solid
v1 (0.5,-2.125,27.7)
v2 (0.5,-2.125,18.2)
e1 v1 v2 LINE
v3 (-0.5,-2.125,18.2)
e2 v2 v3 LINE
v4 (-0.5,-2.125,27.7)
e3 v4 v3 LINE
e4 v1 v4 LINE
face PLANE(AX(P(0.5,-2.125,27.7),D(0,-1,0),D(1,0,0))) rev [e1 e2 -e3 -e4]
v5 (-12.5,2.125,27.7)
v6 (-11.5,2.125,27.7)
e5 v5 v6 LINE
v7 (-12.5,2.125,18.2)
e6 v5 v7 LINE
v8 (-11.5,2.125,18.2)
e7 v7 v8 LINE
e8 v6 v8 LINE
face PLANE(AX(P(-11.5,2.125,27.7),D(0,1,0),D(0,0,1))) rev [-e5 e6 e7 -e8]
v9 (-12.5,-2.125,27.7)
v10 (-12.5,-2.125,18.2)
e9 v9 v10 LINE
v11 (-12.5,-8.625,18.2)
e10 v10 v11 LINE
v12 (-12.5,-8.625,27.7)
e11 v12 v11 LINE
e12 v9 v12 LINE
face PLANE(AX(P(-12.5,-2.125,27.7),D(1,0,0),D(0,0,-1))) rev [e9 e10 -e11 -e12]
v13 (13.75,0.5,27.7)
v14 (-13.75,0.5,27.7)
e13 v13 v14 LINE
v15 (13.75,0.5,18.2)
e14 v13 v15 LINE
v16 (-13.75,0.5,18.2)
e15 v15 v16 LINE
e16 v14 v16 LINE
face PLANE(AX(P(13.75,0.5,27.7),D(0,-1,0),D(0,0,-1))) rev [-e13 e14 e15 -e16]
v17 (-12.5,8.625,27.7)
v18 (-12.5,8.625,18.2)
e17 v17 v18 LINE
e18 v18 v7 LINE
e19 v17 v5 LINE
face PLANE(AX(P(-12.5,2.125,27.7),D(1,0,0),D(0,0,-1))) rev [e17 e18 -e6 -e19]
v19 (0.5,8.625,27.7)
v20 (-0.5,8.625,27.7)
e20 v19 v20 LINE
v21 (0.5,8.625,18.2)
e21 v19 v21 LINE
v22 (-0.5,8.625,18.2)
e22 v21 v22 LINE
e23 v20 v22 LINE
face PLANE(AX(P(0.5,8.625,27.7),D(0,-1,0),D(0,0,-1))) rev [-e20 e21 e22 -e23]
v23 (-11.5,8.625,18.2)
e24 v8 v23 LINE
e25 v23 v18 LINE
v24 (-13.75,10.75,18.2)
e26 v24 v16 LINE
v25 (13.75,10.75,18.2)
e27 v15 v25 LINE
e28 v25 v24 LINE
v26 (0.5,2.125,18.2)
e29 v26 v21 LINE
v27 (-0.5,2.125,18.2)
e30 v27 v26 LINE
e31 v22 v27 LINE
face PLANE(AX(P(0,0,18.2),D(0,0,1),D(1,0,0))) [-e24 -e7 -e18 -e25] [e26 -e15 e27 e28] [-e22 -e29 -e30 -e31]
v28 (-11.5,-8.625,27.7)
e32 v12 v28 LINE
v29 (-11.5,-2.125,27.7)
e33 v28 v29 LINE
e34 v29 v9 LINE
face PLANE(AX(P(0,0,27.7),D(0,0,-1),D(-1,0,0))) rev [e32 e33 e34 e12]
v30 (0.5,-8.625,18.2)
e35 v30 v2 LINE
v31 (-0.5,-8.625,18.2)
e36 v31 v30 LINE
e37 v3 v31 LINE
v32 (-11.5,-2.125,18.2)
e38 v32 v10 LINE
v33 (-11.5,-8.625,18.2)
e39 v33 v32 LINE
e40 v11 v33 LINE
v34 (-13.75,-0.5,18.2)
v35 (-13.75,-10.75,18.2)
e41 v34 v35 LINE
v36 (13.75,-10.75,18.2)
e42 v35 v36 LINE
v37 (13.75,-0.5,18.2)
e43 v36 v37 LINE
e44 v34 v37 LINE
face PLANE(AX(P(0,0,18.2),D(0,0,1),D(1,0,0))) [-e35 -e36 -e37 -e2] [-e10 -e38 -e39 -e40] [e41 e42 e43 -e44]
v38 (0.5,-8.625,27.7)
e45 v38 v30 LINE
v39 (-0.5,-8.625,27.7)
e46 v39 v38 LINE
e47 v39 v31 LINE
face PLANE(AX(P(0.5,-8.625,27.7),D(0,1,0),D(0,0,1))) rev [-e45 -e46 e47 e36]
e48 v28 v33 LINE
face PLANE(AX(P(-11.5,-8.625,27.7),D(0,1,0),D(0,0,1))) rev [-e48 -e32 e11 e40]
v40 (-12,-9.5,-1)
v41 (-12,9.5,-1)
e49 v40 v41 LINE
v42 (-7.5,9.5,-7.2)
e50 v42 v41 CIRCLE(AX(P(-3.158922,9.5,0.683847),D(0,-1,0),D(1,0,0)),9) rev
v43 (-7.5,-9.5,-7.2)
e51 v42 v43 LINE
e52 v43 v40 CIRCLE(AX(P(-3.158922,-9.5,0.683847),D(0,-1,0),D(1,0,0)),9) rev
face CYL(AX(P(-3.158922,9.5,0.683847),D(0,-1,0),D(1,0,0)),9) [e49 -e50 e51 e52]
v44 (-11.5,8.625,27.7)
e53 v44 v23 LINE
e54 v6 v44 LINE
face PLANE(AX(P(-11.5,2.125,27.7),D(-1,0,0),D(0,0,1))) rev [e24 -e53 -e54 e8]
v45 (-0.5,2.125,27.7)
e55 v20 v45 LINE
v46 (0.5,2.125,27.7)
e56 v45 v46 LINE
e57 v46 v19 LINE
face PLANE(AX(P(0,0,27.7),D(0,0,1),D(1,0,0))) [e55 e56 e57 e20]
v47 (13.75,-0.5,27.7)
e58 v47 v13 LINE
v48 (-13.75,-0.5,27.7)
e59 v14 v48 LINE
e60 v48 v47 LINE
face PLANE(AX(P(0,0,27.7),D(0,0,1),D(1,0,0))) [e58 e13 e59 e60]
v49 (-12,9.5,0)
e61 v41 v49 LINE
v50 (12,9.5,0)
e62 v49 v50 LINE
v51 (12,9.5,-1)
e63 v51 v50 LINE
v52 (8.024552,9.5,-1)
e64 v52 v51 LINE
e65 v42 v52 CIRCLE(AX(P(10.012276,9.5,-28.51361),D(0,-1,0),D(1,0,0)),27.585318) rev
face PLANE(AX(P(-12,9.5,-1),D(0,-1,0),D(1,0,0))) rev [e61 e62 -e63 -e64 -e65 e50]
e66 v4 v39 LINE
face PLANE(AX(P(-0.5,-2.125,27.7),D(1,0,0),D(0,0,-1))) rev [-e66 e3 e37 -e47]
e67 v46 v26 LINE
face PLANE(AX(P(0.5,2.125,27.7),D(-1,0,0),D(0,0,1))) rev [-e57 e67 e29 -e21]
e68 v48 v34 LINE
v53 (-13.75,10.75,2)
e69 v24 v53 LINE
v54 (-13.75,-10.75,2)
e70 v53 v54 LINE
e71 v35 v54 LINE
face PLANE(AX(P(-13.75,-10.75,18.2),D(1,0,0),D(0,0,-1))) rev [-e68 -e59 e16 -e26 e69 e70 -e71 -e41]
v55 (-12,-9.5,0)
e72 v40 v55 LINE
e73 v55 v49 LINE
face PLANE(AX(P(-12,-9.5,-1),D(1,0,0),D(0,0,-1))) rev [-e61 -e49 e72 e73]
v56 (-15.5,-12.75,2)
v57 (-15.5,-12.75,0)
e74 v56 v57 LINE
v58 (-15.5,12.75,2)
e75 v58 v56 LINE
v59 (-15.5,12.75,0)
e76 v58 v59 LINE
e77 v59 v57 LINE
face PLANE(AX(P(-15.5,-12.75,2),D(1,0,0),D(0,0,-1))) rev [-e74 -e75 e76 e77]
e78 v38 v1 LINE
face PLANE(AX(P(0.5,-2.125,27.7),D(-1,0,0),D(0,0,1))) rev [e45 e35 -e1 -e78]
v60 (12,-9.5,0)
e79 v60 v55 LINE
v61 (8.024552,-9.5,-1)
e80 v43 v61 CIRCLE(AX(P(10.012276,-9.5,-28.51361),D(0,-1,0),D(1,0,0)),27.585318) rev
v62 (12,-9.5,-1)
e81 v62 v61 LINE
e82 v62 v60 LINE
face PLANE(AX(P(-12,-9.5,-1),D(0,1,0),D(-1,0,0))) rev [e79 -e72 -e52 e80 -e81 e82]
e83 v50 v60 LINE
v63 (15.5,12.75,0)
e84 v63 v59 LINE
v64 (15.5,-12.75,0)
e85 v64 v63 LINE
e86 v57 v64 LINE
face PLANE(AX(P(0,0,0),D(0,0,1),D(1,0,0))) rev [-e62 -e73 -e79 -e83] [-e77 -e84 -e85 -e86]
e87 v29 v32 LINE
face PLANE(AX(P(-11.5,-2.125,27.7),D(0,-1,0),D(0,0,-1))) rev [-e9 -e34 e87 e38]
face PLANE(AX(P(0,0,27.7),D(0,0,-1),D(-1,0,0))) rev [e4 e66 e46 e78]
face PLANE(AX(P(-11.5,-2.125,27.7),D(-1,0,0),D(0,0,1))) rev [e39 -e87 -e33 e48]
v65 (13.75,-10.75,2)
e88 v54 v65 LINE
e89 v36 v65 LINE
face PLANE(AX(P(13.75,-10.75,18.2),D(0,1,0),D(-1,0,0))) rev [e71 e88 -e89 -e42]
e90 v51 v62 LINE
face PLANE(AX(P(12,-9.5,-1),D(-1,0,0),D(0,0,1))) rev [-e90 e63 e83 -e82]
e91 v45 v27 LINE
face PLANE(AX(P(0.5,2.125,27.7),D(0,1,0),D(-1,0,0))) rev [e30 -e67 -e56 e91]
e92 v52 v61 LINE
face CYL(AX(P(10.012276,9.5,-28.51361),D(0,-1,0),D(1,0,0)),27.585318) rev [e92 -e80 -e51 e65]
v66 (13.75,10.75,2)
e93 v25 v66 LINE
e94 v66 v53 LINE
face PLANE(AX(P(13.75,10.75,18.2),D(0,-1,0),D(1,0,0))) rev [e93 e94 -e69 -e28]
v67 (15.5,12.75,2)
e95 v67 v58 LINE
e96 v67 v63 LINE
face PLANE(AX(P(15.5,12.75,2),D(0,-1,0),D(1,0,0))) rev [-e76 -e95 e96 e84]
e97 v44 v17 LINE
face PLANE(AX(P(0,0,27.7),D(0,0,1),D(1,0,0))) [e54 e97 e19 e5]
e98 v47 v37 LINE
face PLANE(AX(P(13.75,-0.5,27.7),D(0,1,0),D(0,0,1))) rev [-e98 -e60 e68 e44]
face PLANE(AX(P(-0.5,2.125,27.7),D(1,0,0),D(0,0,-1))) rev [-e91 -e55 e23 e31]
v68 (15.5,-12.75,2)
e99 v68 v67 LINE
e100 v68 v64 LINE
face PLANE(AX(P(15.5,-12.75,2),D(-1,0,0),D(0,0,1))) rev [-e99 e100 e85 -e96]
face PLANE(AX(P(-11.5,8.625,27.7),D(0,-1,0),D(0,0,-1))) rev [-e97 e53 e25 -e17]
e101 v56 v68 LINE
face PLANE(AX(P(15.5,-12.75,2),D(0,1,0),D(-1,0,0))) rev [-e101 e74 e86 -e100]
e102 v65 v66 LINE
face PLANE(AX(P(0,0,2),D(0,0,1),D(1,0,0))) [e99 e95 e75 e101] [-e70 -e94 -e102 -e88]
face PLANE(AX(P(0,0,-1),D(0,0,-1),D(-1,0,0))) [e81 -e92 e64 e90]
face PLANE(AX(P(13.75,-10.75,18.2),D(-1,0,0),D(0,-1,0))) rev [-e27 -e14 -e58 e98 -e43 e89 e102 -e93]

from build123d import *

# Parameters (mm, degrees)
ESBO_O1_W                = 31
ESBO_O1_H                = 25.5
RESSALTO_EXTRUS_O1_DEPTH = 2
ESBO_O2_W                = 27.5
ESBO_O2_H                = 21.5
RESSALTO_EXTRUS_O2_DEPTH = 16.2
ESBO_O3_W                = 1
ESBO_O3_H                = 6.5
ESBO_O3_W_2              = 27.5
ESBO_O3_H_2              = 1
RESSALTO_EXTRUS_O3_DEPTH = 9.5
ESBO_O4_W                = 24
ESBO_O4_H                = 19
RESSALTO_EXTRUS_O4_DEPTH = 1
RESSALTO_EXTRUS_O5_DEPTH = 19


with BuildPart() as part:
    # Esboço1 → Ressalto-extrusão1 (new body)
    with BuildSketch(Plane.XY):
        Rectangle(ESBO_O1_W, ESBO_O1_H)
    extrude(amount=RESSALTO_EXTRUS_O1_DEPTH)

    # Esboço2 → Ressalto-extrusão2 (add)
    with BuildSketch(Plane.XY.offset(2)):
        Rectangle(ESBO_O2_W, ESBO_O2_H)
    extrude(amount=RESSALTO_EXTRUS_O2_DEPTH)

    # Esboço3 → Ressalto-extrusão3 (add)
    with BuildSketch(Plane.XY.offset(18.2)):
        with Locations((-12, 5.375)):
            Rectangle(ESBO_O3_W, ESBO_O3_H)
        with Locations((0, -5.375)):
            Rectangle(ESBO_O3_W, ESBO_O3_H)
        with Locations((0, 5.375)):
            Rectangle(ESBO_O3_W, ESBO_O3_H)
        with Locations((-12, -5.375)):
            Rectangle(ESBO_O3_W, ESBO_O3_H)
        Rectangle(ESBO_O3_W_2, ESBO_O3_H_2)
    extrude(amount=RESSALTO_EXTRUS_O3_DEPTH)

    # Esboço4 → Ressalto-extrusão4 (add)
    with BuildSketch(Plane(origin=(0, 0, 0), x_dir=(-1, 0, 0), z_dir=(0, 0, -1))):
        Rectangle(ESBO_O4_W, ESBO_O4_H)
    extrude(amount=RESSALTO_EXTRUS_O4_DEPTH)

    # Esboço5 → Ressalto-extrusão5 (add)
    with BuildSketch(Plane.XZ.offset(9.5)):
        with BuildLine():
            Line((8.024552065, -1), (-12, -1))
            ThreePointArc((-12, -1), (-10.442623617, -4.60271069), (-7.5, -7.2))
            ThreePointArc((-7.5, -7.2), (-0.218681889, -2.895700597), (8.024552065, -1))
        make_face()
    extrude(amount=-RESSALTO_EXTRUS_O5_DEPTH)


solid = part.part
